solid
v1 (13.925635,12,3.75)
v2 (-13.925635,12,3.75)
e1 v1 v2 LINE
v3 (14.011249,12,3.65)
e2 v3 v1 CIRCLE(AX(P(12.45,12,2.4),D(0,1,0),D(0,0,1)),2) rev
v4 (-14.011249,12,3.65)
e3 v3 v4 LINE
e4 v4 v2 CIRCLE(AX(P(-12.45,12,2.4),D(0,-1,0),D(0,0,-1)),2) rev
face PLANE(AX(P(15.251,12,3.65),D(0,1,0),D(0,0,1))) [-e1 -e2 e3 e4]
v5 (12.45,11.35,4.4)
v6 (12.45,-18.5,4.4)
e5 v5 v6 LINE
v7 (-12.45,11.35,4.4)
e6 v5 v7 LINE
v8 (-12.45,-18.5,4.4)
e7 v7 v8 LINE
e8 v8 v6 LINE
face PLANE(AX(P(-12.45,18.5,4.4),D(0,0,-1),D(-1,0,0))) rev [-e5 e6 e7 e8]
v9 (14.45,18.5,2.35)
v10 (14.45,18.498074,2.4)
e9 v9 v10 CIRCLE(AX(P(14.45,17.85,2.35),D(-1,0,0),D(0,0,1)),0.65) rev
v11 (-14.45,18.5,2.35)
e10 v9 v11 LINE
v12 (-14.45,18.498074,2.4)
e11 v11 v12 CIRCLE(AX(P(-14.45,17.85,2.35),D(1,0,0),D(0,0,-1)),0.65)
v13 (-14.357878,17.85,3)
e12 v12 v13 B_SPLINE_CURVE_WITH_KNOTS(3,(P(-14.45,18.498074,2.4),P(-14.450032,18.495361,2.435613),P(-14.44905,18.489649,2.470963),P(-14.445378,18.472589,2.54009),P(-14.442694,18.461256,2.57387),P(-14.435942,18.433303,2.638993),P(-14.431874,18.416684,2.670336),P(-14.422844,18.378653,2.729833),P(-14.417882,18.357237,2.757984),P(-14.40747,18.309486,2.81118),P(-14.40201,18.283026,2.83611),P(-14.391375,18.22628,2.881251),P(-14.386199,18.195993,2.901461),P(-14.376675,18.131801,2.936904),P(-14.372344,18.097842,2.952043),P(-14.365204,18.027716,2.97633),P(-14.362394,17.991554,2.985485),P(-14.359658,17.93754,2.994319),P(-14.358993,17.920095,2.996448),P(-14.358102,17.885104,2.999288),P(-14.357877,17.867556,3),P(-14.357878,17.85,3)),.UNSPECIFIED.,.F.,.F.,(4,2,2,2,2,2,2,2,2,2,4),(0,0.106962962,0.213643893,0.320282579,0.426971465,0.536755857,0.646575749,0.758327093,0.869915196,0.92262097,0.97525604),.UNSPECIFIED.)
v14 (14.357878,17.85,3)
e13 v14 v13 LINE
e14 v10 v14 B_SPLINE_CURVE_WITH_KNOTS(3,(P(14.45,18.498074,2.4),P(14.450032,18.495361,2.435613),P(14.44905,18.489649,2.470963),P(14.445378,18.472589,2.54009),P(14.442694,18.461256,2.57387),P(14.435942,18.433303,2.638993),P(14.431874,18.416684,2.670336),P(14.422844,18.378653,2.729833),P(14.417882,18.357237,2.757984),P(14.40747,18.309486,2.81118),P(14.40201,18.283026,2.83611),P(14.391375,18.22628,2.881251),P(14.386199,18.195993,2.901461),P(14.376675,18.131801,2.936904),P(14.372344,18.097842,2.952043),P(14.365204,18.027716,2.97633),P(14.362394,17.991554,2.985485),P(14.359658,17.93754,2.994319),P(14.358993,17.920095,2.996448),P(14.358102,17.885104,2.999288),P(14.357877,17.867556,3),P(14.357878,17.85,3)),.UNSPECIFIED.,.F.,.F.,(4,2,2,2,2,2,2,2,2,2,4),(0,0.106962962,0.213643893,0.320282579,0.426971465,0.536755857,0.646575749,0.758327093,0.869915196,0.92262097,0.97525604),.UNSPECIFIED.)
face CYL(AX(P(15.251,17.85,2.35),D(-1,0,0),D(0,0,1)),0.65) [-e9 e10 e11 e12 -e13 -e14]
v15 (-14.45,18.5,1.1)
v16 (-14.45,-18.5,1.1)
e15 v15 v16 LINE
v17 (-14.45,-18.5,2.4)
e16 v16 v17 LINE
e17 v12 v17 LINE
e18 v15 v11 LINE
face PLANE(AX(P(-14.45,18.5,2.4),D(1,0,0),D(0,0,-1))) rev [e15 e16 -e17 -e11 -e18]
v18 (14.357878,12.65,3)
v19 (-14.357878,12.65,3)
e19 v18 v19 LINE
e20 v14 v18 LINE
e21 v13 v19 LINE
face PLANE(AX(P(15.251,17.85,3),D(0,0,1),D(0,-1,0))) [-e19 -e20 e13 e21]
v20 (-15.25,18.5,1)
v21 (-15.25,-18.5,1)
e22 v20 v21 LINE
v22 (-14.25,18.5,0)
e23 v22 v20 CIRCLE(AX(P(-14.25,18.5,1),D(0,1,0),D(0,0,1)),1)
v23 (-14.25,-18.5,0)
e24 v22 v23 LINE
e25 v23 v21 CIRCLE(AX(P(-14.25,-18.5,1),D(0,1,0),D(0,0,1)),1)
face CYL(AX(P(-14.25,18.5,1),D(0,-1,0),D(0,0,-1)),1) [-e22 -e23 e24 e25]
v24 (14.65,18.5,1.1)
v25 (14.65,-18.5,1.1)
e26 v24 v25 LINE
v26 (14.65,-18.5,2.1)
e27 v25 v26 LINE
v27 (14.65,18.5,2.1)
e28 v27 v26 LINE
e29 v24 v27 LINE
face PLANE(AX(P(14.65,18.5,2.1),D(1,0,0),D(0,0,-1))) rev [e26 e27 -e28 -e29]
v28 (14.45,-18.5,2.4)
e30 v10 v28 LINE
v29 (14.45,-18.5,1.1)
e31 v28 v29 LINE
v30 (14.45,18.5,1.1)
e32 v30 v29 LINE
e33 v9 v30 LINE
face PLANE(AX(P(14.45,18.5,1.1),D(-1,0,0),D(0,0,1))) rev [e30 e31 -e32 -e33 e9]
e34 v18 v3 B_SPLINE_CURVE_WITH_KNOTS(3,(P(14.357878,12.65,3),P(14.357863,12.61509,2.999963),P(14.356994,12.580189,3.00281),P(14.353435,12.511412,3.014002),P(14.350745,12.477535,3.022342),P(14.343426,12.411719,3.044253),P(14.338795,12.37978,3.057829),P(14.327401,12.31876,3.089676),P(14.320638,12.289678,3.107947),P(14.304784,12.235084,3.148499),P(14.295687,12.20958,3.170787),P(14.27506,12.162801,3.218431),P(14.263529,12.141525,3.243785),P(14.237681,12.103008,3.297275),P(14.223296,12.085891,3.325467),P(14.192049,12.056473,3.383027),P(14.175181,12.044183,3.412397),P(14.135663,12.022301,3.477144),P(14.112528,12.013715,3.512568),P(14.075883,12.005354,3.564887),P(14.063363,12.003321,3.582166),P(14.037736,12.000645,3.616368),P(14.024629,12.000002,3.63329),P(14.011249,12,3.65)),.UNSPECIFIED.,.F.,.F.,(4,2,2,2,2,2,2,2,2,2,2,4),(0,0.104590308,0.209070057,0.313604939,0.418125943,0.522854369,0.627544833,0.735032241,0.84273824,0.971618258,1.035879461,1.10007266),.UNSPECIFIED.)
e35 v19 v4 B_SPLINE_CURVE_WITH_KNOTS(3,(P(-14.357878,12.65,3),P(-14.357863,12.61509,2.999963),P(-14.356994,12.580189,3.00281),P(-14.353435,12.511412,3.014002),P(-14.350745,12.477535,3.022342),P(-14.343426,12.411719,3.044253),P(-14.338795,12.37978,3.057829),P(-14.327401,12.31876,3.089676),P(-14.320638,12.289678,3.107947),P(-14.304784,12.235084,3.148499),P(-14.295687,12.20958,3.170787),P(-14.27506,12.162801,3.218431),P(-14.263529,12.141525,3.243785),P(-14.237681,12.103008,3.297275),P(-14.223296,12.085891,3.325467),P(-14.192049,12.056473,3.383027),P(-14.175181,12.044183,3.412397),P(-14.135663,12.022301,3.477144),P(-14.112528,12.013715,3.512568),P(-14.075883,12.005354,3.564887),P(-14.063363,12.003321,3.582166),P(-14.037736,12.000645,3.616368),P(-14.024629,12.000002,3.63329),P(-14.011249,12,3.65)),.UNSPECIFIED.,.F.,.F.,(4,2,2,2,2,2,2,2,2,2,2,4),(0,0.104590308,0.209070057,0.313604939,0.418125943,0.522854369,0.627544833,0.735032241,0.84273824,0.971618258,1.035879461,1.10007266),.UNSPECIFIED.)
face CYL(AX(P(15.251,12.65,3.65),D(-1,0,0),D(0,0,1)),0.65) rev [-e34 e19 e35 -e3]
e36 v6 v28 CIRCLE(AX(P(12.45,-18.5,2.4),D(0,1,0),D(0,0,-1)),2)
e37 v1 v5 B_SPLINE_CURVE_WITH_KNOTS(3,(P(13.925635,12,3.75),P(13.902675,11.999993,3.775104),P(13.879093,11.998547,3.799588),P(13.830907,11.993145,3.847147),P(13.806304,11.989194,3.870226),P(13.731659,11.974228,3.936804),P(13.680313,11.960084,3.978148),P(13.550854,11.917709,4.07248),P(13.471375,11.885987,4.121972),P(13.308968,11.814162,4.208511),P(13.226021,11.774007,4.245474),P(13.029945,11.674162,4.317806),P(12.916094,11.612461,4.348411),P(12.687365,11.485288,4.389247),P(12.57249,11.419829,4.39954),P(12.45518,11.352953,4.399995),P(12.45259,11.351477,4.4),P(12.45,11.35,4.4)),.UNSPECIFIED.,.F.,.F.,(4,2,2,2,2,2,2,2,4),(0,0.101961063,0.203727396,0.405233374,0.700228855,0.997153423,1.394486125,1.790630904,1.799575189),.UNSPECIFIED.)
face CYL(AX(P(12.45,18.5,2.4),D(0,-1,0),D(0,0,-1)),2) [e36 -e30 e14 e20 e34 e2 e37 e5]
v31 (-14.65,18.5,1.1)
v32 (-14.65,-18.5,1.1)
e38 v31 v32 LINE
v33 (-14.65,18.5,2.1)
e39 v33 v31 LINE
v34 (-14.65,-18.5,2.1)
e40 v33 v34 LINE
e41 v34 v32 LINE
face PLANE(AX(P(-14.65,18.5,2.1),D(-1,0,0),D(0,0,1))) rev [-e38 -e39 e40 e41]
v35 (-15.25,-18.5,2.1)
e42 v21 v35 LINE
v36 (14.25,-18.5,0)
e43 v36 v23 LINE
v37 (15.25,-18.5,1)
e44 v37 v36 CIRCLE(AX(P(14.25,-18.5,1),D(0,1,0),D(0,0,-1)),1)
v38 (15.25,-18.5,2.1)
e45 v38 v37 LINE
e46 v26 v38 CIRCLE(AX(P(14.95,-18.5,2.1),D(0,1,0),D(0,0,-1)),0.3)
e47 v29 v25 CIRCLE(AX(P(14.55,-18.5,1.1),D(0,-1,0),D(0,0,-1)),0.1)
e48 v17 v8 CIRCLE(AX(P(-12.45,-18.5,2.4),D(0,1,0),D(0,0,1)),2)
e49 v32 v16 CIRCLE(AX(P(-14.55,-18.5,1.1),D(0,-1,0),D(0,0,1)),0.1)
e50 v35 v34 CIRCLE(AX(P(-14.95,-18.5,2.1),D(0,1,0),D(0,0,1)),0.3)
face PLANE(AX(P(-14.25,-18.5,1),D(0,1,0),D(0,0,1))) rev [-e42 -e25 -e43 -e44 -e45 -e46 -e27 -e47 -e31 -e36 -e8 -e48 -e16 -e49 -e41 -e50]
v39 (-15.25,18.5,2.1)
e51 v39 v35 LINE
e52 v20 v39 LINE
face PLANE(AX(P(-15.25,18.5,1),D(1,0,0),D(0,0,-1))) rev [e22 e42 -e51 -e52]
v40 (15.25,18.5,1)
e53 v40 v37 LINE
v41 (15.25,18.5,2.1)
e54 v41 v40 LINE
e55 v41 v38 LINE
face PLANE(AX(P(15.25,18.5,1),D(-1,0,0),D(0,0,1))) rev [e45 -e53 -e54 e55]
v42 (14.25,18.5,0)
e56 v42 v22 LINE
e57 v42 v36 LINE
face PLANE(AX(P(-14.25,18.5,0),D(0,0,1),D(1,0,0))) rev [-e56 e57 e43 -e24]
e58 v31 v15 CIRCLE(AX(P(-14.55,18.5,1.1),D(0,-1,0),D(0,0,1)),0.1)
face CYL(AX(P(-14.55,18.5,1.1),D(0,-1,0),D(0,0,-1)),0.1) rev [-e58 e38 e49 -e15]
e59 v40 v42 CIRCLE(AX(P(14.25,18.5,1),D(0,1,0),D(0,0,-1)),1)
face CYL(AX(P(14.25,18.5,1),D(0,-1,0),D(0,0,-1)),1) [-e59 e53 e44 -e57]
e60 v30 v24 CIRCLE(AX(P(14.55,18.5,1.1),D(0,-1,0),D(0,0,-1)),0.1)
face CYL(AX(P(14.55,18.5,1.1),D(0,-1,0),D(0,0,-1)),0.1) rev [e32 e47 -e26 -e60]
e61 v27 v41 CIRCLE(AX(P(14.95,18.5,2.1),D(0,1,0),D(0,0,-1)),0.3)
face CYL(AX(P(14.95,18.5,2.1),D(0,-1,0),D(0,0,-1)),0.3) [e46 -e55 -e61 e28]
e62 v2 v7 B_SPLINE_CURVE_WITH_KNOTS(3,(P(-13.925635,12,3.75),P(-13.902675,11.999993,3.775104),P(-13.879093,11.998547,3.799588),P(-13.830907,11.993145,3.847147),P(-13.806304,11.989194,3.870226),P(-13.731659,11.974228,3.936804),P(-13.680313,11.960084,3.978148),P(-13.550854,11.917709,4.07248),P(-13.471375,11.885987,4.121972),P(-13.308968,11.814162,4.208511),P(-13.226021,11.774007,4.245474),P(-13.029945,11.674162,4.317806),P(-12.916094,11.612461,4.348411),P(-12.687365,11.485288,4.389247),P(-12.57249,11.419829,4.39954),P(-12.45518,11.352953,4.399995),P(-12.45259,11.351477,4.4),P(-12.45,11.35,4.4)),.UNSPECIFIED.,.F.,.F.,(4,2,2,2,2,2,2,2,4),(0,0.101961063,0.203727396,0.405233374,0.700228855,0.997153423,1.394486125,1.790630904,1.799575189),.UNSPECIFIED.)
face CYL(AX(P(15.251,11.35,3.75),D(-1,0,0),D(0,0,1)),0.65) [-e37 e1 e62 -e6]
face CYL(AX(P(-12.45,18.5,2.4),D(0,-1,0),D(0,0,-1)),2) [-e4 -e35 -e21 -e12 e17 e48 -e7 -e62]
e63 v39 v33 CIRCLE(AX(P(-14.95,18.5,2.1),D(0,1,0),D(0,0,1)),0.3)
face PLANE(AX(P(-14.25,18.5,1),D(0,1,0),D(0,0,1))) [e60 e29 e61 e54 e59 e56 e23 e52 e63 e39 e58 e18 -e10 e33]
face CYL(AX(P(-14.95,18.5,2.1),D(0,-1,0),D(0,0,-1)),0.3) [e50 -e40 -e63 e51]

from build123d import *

# Parameters (mm, degrees)
EXTRUDE_1_DEPTH                 = 18.5
CUT_EXTRUDE_1_REACH             = 26.376
CUT_EXTRUDE_1_DIRECTION_2_REACH = 26.376


with BuildPart() as part:
    # Эскиз1 → Бобышка-Вытянуть1 (new, symmetric)
    with BuildSketch(Plane(origin=(0, 0, 0), x_dir=(1, 0, 0), z_dir=(0, 1, 0))):
        with BuildLine():
            Line((-14.25, 0), (14.25, 0))
            ThreePointArc((14.25, 0), (14.957106781, -0.292893219), (15.25, -1))
            Line((15.25, -1), (15.25, -2.1))
            ThreePointArc((15.25, -2.1), (14.95, -2.4), (14.65, -2.1))
            Line((14.65, -2.1), (14.65, -1.1))
            ThreePointArc((14.65, -1.1), (14.55, -1), (14.45, -1.1))
            Line((14.45, -1.1), (14.45, -2.4))
            ThreePointArc((14.45, -2.4), (13.864213562, -3.814213562), (12.45, -4.4))
            Line((12.45, -4.4), (-12.45, -4.4))
            ThreePointArc((-12.45, -4.4), (-13.864213562, -3.814213562), (-14.45, -2.4))
            Line((-14.45, -2.4), (-14.45, -1.1))
            ThreePointArc((-14.45, -1.1), (-14.55, -1), (-14.65, -1.1))
            Line((-14.65, -1.1), (-14.65, -2.1))
            ThreePointArc((-14.65, -2.1), (-14.95, -2.4), (-15.25, -2.1))
            Line((-15.25, -2.1), (-15.25, -1))
            ThreePointArc((-15.25, -1), (-14.957106781, -0.292893219), (-14.25, 0))
        make_face()
    extrude(amount=EXTRUDE_1_DEPTH, both=True)

    # Эскиз2 → Вырез-Вытянуть1 (cut, up to next)
    with BuildSketch(Plane(origin=(0, 0, 0), x_dir=(0, 0, -1), z_dir=(1, 0, 0)), mode=Mode.PRIVATE) as cut_extrude_1_sk1:
        with BuildLine():
            Line((-3, 17.85), (-3, 12.65))
            ThreePointArc((-3, 12.65), (-3.190380592, 12.190380592), (-3.65, 12))
            Line((-3.65, 12), (-3.75, 12))
            ThreePointArc((-3.75, 12), (-4.209619408, 11.809619408), (-4.4, 11.35))
            Line((-4.4, 11.35), (-4.4, 18.5))
            Line((-4.4, 18.5), (-2.35, 18.5))
            ThreePointArc((-2.35, 18.5), (-2.809619408, 18.309619408), (-3, 17.85))
        make_face()
    cut_extrude_1_tool1 = extrude(cut_extrude_1_sk1.sketch, amount=-CUT_EXTRUDE_1_REACH, mode=Mode.PRIVATE) & part.part
    add(cut_extrude_1_tool1.solids().sort_by_distance((0, 15.277765, 3.702609))[0], mode=Mode.SUBTRACT)

    # Эскиз2 → Вырез-Вытянуть1 direction 2 (cut, up to next)
    with BuildSketch(Plane(origin=(0, 0, 0), x_dir=(0, 0, -1), z_dir=(1, 0, 0)), mode=Mode.PRIVATE) as cut_extrude_1_direction_2_sk1:
        with BuildLine():
            Line((-3, 17.85), (-3, 12.65))
            ThreePointArc((-3, 12.65), (-3.190380592, 12.190380592), (-3.65, 12))
            Line((-3.65, 12), (-3.75, 12))
            ThreePointArc((-3.75, 12), (-4.209619408, 11.809619408), (-4.4, 11.35))
            Line((-4.4, 11.35), (-4.4, 18.5))
            Line((-4.4, 18.5), (-2.35, 18.5))
            ThreePointArc((-2.35, 18.5), (-2.809619408, 18.309619408), (-3, 17.85))
        make_face()
    cut_extrude_1_direction_2_tool1 = extrude(cut_extrude_1_direction_2_sk1.sketch, amount=CUT_EXTRUDE_1_DIRECTION_2_REACH, mode=Mode.PRIVATE) & part.part
    add(cut_extrude_1_direction_2_tool1.solids().sort_by_distance((0, 15.277765, 3.702609))[0], mode=Mode.SUBTRACT)


solid = part.part
